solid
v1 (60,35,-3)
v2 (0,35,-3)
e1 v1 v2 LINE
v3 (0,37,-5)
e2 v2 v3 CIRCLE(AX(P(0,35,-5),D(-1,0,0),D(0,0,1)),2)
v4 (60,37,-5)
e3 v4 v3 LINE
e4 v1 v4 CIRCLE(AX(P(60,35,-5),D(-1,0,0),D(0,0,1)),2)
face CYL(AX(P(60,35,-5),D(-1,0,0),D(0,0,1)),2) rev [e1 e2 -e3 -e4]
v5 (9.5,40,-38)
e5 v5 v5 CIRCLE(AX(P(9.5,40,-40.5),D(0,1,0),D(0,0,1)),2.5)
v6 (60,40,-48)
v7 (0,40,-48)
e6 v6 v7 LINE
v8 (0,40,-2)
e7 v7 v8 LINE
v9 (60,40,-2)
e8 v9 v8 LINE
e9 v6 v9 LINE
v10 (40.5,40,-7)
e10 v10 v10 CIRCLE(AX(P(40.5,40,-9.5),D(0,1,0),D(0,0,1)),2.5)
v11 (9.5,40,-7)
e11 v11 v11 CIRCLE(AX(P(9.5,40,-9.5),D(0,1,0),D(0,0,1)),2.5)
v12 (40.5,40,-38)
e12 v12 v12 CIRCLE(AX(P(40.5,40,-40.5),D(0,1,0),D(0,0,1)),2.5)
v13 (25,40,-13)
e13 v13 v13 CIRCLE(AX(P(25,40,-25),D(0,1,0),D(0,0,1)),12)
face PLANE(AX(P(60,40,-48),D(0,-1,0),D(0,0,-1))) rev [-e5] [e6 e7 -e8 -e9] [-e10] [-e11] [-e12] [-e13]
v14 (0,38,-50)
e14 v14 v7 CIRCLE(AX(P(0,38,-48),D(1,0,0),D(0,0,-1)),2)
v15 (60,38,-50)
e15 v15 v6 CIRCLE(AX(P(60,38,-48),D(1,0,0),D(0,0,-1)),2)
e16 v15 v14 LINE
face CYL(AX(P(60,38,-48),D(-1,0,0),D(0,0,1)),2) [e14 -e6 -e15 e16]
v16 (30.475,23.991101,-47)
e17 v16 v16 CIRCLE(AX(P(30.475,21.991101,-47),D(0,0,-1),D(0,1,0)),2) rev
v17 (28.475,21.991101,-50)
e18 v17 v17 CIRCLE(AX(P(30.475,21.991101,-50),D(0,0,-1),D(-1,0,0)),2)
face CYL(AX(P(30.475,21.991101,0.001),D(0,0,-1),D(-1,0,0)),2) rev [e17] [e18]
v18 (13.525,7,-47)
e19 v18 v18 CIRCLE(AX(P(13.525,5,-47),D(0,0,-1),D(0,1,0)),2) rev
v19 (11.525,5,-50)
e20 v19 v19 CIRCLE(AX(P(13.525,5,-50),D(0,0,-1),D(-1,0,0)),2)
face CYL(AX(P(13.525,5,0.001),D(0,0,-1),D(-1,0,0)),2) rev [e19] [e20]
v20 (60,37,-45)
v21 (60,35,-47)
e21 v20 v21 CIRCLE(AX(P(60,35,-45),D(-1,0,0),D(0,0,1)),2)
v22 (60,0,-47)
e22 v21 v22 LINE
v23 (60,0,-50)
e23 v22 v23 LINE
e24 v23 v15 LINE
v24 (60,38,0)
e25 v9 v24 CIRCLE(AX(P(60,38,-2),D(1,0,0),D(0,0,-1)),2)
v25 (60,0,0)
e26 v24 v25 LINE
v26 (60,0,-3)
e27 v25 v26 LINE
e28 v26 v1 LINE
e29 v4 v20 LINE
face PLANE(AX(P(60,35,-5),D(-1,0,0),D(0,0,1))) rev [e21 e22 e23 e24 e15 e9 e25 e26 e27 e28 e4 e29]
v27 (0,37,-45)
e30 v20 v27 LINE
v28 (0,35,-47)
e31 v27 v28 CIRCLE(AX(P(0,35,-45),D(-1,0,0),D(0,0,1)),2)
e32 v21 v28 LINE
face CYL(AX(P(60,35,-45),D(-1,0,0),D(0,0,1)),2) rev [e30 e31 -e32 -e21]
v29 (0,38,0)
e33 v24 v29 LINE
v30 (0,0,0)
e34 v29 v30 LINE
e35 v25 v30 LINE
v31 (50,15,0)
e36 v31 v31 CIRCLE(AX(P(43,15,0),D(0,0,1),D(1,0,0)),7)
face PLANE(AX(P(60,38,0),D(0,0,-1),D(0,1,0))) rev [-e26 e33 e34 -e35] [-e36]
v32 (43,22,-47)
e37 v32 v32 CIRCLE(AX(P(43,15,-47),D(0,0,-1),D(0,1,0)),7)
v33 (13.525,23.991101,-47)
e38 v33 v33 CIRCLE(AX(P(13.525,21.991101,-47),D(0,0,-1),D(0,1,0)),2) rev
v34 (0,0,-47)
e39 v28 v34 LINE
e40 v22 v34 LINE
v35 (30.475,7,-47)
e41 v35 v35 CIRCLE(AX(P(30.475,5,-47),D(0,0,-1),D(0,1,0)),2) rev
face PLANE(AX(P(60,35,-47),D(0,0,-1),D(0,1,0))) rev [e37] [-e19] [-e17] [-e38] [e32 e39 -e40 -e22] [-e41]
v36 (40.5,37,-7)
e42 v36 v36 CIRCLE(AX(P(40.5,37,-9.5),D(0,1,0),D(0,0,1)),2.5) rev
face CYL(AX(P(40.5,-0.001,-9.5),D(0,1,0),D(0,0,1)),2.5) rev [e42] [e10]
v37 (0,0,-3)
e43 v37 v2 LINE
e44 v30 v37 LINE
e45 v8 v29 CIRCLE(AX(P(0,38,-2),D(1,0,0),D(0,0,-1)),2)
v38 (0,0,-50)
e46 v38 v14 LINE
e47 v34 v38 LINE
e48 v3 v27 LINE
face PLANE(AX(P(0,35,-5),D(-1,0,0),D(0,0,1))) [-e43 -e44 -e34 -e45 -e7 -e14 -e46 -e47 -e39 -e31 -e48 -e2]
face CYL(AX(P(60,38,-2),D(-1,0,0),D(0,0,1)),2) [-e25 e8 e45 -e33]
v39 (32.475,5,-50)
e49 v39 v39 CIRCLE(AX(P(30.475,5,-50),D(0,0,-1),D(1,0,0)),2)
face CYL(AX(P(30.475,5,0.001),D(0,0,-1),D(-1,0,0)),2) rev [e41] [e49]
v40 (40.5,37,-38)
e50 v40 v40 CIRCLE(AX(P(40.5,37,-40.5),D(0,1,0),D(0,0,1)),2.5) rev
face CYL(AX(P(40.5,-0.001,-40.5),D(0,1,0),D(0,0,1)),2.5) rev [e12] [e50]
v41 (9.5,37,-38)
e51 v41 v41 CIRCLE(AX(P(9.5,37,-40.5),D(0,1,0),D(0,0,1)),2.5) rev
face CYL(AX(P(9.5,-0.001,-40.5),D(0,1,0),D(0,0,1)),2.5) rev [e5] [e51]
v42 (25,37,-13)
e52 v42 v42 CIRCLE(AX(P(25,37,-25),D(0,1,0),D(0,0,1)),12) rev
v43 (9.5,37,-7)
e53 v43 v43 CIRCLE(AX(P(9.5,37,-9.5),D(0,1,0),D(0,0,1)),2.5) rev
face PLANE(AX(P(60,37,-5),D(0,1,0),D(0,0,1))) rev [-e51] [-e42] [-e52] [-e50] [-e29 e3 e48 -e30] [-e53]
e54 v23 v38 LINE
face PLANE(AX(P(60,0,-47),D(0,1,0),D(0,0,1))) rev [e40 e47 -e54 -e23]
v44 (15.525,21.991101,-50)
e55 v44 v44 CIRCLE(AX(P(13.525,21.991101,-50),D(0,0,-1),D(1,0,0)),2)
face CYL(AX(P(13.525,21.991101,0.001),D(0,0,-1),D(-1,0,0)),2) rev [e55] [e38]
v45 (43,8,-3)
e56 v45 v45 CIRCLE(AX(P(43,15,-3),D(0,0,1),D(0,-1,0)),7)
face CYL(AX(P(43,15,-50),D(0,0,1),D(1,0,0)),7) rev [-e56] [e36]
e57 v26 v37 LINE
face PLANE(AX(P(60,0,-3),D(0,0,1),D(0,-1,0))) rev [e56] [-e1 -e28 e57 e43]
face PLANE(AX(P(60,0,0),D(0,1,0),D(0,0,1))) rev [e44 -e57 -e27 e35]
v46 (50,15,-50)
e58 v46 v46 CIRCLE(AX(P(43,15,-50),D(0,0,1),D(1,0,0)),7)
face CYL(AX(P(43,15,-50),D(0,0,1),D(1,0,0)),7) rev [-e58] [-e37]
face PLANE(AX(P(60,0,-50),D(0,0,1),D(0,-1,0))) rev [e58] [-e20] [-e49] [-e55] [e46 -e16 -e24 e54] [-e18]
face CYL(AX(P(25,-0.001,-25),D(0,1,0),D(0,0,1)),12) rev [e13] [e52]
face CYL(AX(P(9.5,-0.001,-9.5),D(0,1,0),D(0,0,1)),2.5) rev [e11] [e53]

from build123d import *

# Parameters (mm, degrees)
EXTRUDE_1_DEPTH     = 60
CUT_EXTRUDE_1_REACH = 42
SKETCH_2_R          = 2.5
SKETCH_2_R_2        = 12
SKETCH_3_R          = 7
CUT_EXTRUDE_2_DEPTH = 51
CUT_EXTRUDE_3_REACH = 52
SKETCH_6_R          = 2


with BuildPart() as part:
    # 草图1 → 凸台-拉伸1 (new body)
    with BuildSketch(Plane(origin=(0, 0, 0), x_dir=(0, 0, -1), z_dir=(1, 0, 0))):
        with BuildLine():
            Line((0, 0), (3, 0))
            Line((3, 0), (3, 35))
            ThreePointArc((3, 35), (3.585786438, 36.414213562), (5, 37))
            Line((5, 37), (45, 37))
            ThreePointArc((45, 37), (46.414213562, 36.414213562), (47, 35))
            Line((47, 35), (47, 0))
            Line((47, 0), (50, 0))
            Line((50, 0), (50, 38))
            ThreePointArc((50, 38), (49.414213562, 39.414213562), (48, 40))
            Line((48, 40), (2, 40))
            ThreePointArc((2, 40), (0.585786438, 39.414213562), (0, 38))
            Line((0, 38), (0, 0))
        make_face()
    extrude(amount=EXTRUDE_1_DEPTH)

    # 草图2 → 切除-拉伸1 (cut, up to next)
    with BuildSketch(Plane(origin=(0, 40, 0), x_dir=(1, 0, 0), z_dir=(0, 1, 0)), mode=Mode.PRIVATE) as cut_extrude_1_sk1:
        with Locations((9.5, 9.5)):
            Circle(SKETCH_2_R)
    cut_extrude_1_tool1 = extrude(cut_extrude_1_sk1.sketch, amount=-CUT_EXTRUDE_1_REACH, mode=Mode.PRIVATE) & part.part
    add(cut_extrude_1_tool1.solids().sort_by_distance((9.5, 40, -9.5))[0], mode=Mode.SUBTRACT)
    # 草图2 → 切除-拉伸1 (cut, up to next)
    with BuildSketch(Plane(origin=(0, 40, 0), x_dir=(1, 0, 0), z_dir=(0, 1, 0)), mode=Mode.PRIVATE) as cut_extrude_1_sk2:
        with Locations((40.5, 9.5)):
            Circle(SKETCH_2_R)
    cut_extrude_1_tool2 = extrude(cut_extrude_1_sk2.sketch, amount=-CUT_EXTRUDE_1_REACH, mode=Mode.PRIVATE) & part.part
    add(cut_extrude_1_tool2.solids().sort_by_distance((40.5, 40, -9.5))[0], mode=Mode.SUBTRACT)
    # 草图2 → 切除-拉伸1 (cut, up to next)
    with BuildSketch(Plane(origin=(0, 40, 0), x_dir=(1, 0, 0), z_dir=(0, 1, 0)), mode=Mode.PRIVATE) as cut_extrude_1_sk3:
        with Locations((40.5, 40.5)):
            Circle(SKETCH_2_R)
    cut_extrude_1_tool3 = extrude(cut_extrude_1_sk3.sketch, amount=-CUT_EXTRUDE_1_REACH, mode=Mode.PRIVATE) & part.part
    add(cut_extrude_1_tool3.solids().sort_by_distance((40.5, 40, -40.5))[0], mode=Mode.SUBTRACT)
    # 草图2 → 切除-拉伸1 (cut, up to next)
    with BuildSketch(Plane(origin=(0, 40, 0), x_dir=(1, 0, 0), z_dir=(0, 1, 0)), mode=Mode.PRIVATE) as cut_extrude_1_sk4:
        with Locations((9.5, 40.5)):
            Circle(SKETCH_2_R)
    cut_extrude_1_tool4 = extrude(cut_extrude_1_sk4.sketch, amount=-CUT_EXTRUDE_1_REACH, mode=Mode.PRIVATE) & part.part
    add(cut_extrude_1_tool4.solids().sort_by_distance((9.5, 40, -40.5))[0], mode=Mode.SUBTRACT)
    # 草图2 → 切除-拉伸1 (cut, up to next)
    with BuildSketch(Plane(origin=(0, 40, 0), x_dir=(1, 0, 0), z_dir=(0, 1, 0)), mode=Mode.PRIVATE) as cut_extrude_1_sk5:
        with Locations((25, 25)):
            Circle(SKETCH_2_R_2)
    cut_extrude_1_tool5 = extrude(cut_extrude_1_sk5.sketch, amount=-CUT_EXTRUDE_1_REACH, mode=Mode.PRIVATE) & part.part
    add(cut_extrude_1_tool5.solids().sort_by_distance((25, 40, -25))[0], mode=Mode.SUBTRACT)

    # 草图3 → 切除-拉伸2 (cut, through all)
    with BuildSketch(Plane.XY):
        with Locations((43, 15)):
            Circle(SKETCH_3_R)
    extrude(amount=-CUT_EXTRUDE_2_DEPTH, mode=Mode.SUBTRACT)

    # 草图6 → 切除-拉伸3 (cut, up to next)
    with BuildSketch(Plane(origin=(0, 0, -50), x_dir=(-1, 0, 0), z_dir=(0, 0, -1)), mode=Mode.PRIVATE) as cut_extrude_3_sk1:
        with Locations((-13.525, 5)):
            Circle(SKETCH_6_R)
    cut_extrude_3_tool1 = extrude(cut_extrude_3_sk1.sketch, amount=-CUT_EXTRUDE_3_REACH, mode=Mode.PRIVATE) & part.part
    add(cut_extrude_3_tool1.solids().sort_by_distance((13.525, 5, -50))[0], mode=Mode.SUBTRACT)
    # 草图6 → 切除-拉伸3 (cut, up to next)
    with BuildSketch(Plane(origin=(0, 0, -50), x_dir=(-1, 0, 0), z_dir=(0, 0, -1)), mode=Mode.PRIVATE) as cut_extrude_3_sk2:
        with Locations((-30.475, 5)):
            Circle(SKETCH_6_R)
    cut_extrude_3_tool2 = extrude(cut_extrude_3_sk2.sketch, amount=-CUT_EXTRUDE_3_REACH, mode=Mode.PRIVATE) & part.part
    add(cut_extrude_3_tool2.solids().sort_by_distance((30.475, 5, -50))[0], mode=Mode.SUBTRACT)
    # 草图6 → 切除-拉伸3 (cut, up to next)
    with BuildSketch(Plane(origin=(0, 0, -50), x_dir=(-1, 0, 0), z_dir=(0, 0, -1)), mode=Mode.PRIVATE) as cut_extrude_3_sk3:
        with Locations((-30.475, 21.991100612)):
            Circle(SKETCH_6_R)
    cut_extrude_3_tool3 = extrude(cut_extrude_3_sk3.sketch, amount=-CUT_EXTRUDE_3_REACH, mode=Mode.PRIVATE) & part.part
    add(cut_extrude_3_tool3.solids().sort_by_distance((30.475, 21.991101, -50))[0], mode=Mode.SUBTRACT)
    # 草图6 → 切除-拉伸3 (cut, up to next)
    with BuildSketch(Plane(origin=(0, 0, -50), x_dir=(-1, 0, 0), z_dir=(0, 0, -1)), mode=Mode.PRIVATE) as cut_extrude_3_sk4:
        with Locations((-13.525, 21.991100612)):
            Circle(SKETCH_6_R)
    cut_extrude_3_tool4 = extrude(cut_extrude_3_sk4.sketch, amount=-CUT_EXTRUDE_3_REACH, mode=Mode.PRIVATE) & part.part
    add(cut_extrude_3_tool4.solids().sort_by_distance((13.525, 21.991101, -50))[0], mode=Mode.SUBTRACT)


solid = part.part
